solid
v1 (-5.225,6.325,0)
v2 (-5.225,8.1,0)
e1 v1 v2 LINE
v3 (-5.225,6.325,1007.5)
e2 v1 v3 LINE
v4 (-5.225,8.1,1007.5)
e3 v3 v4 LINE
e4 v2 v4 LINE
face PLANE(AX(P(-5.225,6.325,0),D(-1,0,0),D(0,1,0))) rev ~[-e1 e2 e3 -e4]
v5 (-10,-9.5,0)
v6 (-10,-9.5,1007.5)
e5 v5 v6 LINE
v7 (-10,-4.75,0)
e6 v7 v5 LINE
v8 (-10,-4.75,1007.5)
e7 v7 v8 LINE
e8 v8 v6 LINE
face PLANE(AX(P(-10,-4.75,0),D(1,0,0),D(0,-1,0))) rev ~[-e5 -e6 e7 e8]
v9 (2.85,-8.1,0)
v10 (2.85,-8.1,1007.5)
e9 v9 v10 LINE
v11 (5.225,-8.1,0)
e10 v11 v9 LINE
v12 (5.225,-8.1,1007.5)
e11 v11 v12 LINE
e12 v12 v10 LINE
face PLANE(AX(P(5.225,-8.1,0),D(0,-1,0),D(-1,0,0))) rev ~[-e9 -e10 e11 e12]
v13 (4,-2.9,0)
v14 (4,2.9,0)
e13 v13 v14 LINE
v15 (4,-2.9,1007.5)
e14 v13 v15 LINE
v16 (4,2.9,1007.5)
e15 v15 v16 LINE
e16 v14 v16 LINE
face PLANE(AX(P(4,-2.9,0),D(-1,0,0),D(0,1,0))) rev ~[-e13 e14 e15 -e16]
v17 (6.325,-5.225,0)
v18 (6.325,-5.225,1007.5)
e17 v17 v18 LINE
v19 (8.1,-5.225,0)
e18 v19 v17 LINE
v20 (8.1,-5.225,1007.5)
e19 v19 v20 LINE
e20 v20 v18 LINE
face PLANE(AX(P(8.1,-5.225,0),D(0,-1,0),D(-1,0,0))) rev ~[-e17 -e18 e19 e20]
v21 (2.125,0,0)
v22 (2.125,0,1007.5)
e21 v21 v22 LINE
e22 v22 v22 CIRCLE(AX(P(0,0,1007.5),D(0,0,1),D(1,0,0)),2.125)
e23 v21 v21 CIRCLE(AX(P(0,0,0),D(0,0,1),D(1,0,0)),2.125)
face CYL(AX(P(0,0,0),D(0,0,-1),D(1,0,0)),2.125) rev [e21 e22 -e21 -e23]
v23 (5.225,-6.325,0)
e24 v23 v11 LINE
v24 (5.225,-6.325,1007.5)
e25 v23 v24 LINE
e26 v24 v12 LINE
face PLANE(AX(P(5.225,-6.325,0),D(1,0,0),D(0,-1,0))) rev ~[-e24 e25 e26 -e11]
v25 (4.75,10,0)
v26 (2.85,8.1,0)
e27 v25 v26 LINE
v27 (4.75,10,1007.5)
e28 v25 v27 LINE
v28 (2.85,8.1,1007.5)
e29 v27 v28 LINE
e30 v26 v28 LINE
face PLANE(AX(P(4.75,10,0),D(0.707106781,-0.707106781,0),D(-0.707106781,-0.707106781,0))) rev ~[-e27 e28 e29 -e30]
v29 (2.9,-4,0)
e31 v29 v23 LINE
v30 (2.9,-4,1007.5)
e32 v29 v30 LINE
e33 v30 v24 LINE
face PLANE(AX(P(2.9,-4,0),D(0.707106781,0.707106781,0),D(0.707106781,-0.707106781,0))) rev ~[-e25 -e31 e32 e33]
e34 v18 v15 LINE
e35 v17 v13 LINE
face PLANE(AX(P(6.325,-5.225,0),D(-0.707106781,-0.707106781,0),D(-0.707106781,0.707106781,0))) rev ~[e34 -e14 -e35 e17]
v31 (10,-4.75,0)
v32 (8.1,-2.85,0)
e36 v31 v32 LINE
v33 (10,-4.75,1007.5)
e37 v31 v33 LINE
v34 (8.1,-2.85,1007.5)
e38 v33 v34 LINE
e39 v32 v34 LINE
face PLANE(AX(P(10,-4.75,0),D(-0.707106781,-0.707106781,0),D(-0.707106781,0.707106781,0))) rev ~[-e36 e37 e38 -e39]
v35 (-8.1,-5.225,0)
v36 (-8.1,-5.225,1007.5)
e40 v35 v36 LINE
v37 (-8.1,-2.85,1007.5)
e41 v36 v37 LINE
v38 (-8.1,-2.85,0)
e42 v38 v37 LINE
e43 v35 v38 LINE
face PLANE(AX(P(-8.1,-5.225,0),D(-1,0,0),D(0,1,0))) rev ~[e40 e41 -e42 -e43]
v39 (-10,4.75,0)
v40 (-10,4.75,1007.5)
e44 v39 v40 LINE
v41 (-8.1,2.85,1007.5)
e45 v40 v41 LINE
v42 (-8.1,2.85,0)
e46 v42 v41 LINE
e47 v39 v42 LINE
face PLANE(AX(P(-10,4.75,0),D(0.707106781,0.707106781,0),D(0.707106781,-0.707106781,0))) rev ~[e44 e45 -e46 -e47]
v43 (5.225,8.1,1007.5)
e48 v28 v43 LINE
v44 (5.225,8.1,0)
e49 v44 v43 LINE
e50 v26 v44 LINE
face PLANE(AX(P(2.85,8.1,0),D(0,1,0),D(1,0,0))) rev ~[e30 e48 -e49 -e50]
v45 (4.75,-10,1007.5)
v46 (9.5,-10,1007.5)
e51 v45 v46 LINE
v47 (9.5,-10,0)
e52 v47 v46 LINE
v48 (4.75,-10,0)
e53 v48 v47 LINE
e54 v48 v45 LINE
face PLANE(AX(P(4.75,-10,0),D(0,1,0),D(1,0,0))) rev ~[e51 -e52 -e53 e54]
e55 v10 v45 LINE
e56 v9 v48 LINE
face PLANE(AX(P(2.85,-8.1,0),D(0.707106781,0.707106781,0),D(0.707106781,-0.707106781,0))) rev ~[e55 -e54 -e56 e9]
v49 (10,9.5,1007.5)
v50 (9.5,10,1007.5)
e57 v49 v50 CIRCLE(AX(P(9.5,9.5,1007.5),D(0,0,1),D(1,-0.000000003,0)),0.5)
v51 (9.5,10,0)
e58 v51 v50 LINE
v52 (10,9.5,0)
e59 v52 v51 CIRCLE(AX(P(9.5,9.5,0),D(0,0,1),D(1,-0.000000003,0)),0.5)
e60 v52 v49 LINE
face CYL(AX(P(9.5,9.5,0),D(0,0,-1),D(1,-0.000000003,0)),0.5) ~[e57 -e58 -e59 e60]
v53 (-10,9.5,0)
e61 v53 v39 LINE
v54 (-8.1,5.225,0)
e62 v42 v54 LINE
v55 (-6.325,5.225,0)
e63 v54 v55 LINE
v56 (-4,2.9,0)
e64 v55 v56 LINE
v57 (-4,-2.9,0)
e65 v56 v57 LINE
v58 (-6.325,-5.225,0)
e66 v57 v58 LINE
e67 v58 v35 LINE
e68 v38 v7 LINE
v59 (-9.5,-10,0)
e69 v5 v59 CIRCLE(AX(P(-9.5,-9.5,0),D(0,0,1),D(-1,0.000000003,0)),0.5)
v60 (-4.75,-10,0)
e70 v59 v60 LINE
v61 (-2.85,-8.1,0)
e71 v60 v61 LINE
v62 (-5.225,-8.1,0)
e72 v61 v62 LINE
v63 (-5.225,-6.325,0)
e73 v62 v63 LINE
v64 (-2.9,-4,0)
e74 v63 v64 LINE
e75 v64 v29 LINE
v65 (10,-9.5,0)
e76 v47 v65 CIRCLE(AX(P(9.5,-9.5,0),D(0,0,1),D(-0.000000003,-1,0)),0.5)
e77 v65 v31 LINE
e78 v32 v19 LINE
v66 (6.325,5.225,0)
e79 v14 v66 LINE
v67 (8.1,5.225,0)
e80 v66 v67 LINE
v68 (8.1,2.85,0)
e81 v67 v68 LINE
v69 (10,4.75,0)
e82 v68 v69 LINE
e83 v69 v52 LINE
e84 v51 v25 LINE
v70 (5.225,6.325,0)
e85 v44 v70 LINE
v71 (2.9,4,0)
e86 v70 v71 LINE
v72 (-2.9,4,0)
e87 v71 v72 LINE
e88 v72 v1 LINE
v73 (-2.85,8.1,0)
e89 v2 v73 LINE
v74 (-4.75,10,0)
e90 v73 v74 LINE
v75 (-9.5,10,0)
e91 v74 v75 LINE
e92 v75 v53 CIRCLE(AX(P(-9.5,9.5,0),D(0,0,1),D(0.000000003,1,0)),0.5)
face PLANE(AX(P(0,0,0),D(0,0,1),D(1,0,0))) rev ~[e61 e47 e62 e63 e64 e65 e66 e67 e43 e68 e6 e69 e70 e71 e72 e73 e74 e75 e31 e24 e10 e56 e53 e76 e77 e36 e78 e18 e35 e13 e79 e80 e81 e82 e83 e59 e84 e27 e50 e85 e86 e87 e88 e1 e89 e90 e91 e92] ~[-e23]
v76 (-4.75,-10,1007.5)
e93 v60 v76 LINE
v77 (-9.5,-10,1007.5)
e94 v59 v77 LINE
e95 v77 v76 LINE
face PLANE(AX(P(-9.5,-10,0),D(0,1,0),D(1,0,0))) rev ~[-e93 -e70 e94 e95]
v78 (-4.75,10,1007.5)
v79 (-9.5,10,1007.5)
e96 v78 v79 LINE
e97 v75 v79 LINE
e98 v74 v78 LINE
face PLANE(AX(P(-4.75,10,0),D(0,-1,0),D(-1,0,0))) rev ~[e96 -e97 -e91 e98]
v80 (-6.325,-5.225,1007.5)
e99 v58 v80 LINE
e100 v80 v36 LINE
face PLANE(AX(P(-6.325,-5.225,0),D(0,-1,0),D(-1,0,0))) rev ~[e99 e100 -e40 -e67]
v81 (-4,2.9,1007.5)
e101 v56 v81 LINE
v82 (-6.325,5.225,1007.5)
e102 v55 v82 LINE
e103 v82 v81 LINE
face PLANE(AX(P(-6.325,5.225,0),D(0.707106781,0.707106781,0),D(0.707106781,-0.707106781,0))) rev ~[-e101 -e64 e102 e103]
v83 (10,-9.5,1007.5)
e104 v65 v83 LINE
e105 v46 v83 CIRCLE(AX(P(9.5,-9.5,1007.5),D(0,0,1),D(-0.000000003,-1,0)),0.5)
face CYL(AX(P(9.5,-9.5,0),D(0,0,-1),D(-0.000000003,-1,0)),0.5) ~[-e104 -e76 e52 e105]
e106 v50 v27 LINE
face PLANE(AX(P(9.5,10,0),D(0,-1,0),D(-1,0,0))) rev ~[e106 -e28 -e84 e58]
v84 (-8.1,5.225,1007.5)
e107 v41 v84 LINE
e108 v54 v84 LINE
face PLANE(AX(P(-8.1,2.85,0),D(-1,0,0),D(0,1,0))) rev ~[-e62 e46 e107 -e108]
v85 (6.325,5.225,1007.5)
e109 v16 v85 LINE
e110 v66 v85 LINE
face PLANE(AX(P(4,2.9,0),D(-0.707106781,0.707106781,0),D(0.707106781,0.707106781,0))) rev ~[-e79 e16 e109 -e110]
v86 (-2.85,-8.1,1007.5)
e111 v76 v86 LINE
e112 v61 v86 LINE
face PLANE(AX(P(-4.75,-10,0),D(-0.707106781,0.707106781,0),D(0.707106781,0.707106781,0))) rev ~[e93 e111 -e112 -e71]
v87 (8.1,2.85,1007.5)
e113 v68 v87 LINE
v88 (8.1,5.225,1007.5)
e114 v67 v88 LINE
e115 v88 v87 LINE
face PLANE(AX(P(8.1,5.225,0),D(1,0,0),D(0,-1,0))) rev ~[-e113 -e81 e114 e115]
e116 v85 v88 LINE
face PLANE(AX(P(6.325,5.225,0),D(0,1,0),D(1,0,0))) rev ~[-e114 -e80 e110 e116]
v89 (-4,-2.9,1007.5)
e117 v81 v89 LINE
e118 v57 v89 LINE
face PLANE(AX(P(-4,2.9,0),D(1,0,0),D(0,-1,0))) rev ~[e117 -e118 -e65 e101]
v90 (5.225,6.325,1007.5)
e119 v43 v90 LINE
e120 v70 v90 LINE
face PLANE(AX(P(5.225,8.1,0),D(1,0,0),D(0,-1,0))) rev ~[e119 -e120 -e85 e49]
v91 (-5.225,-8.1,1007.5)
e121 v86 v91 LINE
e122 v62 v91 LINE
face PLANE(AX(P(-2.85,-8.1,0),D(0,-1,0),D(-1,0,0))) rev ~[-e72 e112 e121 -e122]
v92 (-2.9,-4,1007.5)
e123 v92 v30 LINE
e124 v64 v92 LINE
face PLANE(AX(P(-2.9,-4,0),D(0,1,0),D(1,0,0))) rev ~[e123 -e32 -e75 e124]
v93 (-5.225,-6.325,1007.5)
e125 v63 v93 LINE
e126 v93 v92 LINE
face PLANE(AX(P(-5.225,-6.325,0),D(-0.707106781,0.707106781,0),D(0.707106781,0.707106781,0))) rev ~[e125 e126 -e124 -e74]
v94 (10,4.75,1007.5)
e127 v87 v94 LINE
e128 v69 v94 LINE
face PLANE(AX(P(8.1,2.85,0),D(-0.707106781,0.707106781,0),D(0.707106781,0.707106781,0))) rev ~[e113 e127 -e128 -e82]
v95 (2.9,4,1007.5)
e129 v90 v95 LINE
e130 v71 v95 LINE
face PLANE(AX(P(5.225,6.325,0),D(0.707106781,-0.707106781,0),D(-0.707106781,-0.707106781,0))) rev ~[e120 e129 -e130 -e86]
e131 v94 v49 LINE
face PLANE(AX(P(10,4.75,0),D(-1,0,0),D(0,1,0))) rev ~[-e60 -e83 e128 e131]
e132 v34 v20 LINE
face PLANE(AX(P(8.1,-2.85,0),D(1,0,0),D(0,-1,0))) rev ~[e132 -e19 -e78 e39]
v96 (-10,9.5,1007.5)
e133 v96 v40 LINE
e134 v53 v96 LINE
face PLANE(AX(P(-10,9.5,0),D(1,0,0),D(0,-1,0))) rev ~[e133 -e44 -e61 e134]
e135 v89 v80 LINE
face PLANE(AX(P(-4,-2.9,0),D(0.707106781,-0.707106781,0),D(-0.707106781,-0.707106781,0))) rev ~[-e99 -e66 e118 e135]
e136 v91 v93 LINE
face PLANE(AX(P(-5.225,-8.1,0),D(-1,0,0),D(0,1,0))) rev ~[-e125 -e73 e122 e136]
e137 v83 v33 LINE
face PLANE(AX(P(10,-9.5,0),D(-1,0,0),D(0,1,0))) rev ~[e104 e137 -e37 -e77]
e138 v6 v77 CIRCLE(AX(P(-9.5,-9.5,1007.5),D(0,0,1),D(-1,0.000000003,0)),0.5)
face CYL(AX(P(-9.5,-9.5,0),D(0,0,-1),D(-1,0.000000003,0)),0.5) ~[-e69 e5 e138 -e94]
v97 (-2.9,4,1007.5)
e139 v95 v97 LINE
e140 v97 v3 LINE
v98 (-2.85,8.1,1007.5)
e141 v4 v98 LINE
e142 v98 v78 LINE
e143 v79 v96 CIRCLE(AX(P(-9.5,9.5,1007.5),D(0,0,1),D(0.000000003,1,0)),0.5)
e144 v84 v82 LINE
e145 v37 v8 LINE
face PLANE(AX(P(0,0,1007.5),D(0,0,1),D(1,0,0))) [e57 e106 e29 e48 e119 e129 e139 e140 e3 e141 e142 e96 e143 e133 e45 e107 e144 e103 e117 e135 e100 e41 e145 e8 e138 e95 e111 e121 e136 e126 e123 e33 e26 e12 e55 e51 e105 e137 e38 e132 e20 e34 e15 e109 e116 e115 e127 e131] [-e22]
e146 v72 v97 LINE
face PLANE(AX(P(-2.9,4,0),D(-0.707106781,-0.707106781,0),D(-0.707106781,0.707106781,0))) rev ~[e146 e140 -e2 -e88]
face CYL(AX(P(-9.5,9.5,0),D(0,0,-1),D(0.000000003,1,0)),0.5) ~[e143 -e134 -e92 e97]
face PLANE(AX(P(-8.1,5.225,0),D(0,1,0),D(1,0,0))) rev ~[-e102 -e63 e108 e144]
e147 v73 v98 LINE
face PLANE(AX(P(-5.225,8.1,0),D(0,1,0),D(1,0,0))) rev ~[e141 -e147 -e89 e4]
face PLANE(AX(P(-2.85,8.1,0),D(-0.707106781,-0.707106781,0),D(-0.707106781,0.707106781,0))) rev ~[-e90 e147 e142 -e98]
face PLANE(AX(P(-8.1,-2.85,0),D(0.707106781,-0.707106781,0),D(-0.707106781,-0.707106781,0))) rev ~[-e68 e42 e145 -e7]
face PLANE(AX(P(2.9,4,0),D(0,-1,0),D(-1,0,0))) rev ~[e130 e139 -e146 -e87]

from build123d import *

# Parameters (mm, degrees)
SKETCH1_R           = 2.125
BOSS_EXTRUDE1_DEPTH = 1007.5


with BuildPart() as part:
    # Sketch1 → Boss-Extrude1 (new body)
    with BuildSketch(Plane.XY):
        with BuildLine():
            Line((8.1, 5.225), (8.1, 2.85))
            Line((8.1, 2.85), (10, 4.75))
            Line((10, 4.75), (10, 9.5))
            ThreePointArc((10, 9.5), (9.853553391, 9.853553391), (9.5, 10))
            Line((9.5, 10), (4.75, 10))
            Line((4.75, 10), (2.85, 8.1))
            Line((2.85, 8.1), (5.225, 8.1))
            Line((5.225, 8.1), (5.225, 6.325))
            Line((5.225, 6.325), (2.9, 4))
            Line((2.9, 4), (-2.9, 4))
            Line((-2.9, 4), (-5.225, 6.325))
            Line((-5.225, 6.325), (-5.225, 8.1))
            Line((-5.225, 8.1), (-2.85, 8.1))
            Line((-2.85, 8.1), (-4.75, 10))
            Line((-4.75, 10), (-9.5, 10))
            ThreePointArc((-9.5, 10), (-9.853553391, 9.853553391), (-10, 9.5))
            Line((-10, 9.5), (-10, 4.75))
            Line((-10, 4.75), (-8.1, 2.85))
            Line((-8.1, 2.85), (-8.1, 5.225))
            Line((-8.1, 5.225), (-6.325, 5.225))
            Line((-6.325, 5.225), (-4, 2.9))
            Line((-4, 2.9), (-4, -2.9))
            Line((-4, -2.9), (-6.325, -5.225))
            Line((-6.325, -5.225), (-8.1, -5.225))
            Line((-8.1, -5.225), (-8.1, -2.85))
            Line((-8.1, -2.85), (-10, -4.75))
            Line((-10, -4.75), (-10, -9.5))
            ThreePointArc((-10, -9.5), (-9.853553391, -9.853553391), (-9.5, -10))
            Line((-9.5, -10), (-4.75, -10))
            Line((-4.75, -10), (-2.85, -8.1))
            Line((-2.85, -8.1), (-5.225, -8.1))
            Line((-5.225, -8.1), (-5.225, -6.325))
            Line((-5.225, -6.325), (-2.9, -4))
            Line((-2.9, -4), (2.9, -4))
            Line((2.9, -4), (5.225, -6.325))
            Line((5.225, -6.325), (5.225, -8.1))
            Line((5.225, -8.1), (2.85, -8.1))
            Line((2.85, -8.1), (4.75, -10))
            Line((4.75, -10), (9.5, -10))
            ThreePointArc((9.5, -10), (9.853553391, -9.853553391), (10, -9.5))
            Line((10, -9.5), (10, -4.75))
            Line((10, -4.75), (8.1, -2.85))
            Line((8.1, -2.85), (8.1, -5.225))
            Line((8.1, -5.225), (6.325, -5.225))
            Line((6.325, -5.225), (4, -2.9))
            Line((4, -2.9), (4, 2.9))
            Line((4, 2.9), (6.325, 5.225))
            Line((6.325, 5.225), (8.1, 5.225))
        make_face()
        Circle(SKETCH1_R, mode=Mode.SUBTRACT)
    extrude(amount=BOSS_EXTRUDE1_DEPTH)


solid = part.part
